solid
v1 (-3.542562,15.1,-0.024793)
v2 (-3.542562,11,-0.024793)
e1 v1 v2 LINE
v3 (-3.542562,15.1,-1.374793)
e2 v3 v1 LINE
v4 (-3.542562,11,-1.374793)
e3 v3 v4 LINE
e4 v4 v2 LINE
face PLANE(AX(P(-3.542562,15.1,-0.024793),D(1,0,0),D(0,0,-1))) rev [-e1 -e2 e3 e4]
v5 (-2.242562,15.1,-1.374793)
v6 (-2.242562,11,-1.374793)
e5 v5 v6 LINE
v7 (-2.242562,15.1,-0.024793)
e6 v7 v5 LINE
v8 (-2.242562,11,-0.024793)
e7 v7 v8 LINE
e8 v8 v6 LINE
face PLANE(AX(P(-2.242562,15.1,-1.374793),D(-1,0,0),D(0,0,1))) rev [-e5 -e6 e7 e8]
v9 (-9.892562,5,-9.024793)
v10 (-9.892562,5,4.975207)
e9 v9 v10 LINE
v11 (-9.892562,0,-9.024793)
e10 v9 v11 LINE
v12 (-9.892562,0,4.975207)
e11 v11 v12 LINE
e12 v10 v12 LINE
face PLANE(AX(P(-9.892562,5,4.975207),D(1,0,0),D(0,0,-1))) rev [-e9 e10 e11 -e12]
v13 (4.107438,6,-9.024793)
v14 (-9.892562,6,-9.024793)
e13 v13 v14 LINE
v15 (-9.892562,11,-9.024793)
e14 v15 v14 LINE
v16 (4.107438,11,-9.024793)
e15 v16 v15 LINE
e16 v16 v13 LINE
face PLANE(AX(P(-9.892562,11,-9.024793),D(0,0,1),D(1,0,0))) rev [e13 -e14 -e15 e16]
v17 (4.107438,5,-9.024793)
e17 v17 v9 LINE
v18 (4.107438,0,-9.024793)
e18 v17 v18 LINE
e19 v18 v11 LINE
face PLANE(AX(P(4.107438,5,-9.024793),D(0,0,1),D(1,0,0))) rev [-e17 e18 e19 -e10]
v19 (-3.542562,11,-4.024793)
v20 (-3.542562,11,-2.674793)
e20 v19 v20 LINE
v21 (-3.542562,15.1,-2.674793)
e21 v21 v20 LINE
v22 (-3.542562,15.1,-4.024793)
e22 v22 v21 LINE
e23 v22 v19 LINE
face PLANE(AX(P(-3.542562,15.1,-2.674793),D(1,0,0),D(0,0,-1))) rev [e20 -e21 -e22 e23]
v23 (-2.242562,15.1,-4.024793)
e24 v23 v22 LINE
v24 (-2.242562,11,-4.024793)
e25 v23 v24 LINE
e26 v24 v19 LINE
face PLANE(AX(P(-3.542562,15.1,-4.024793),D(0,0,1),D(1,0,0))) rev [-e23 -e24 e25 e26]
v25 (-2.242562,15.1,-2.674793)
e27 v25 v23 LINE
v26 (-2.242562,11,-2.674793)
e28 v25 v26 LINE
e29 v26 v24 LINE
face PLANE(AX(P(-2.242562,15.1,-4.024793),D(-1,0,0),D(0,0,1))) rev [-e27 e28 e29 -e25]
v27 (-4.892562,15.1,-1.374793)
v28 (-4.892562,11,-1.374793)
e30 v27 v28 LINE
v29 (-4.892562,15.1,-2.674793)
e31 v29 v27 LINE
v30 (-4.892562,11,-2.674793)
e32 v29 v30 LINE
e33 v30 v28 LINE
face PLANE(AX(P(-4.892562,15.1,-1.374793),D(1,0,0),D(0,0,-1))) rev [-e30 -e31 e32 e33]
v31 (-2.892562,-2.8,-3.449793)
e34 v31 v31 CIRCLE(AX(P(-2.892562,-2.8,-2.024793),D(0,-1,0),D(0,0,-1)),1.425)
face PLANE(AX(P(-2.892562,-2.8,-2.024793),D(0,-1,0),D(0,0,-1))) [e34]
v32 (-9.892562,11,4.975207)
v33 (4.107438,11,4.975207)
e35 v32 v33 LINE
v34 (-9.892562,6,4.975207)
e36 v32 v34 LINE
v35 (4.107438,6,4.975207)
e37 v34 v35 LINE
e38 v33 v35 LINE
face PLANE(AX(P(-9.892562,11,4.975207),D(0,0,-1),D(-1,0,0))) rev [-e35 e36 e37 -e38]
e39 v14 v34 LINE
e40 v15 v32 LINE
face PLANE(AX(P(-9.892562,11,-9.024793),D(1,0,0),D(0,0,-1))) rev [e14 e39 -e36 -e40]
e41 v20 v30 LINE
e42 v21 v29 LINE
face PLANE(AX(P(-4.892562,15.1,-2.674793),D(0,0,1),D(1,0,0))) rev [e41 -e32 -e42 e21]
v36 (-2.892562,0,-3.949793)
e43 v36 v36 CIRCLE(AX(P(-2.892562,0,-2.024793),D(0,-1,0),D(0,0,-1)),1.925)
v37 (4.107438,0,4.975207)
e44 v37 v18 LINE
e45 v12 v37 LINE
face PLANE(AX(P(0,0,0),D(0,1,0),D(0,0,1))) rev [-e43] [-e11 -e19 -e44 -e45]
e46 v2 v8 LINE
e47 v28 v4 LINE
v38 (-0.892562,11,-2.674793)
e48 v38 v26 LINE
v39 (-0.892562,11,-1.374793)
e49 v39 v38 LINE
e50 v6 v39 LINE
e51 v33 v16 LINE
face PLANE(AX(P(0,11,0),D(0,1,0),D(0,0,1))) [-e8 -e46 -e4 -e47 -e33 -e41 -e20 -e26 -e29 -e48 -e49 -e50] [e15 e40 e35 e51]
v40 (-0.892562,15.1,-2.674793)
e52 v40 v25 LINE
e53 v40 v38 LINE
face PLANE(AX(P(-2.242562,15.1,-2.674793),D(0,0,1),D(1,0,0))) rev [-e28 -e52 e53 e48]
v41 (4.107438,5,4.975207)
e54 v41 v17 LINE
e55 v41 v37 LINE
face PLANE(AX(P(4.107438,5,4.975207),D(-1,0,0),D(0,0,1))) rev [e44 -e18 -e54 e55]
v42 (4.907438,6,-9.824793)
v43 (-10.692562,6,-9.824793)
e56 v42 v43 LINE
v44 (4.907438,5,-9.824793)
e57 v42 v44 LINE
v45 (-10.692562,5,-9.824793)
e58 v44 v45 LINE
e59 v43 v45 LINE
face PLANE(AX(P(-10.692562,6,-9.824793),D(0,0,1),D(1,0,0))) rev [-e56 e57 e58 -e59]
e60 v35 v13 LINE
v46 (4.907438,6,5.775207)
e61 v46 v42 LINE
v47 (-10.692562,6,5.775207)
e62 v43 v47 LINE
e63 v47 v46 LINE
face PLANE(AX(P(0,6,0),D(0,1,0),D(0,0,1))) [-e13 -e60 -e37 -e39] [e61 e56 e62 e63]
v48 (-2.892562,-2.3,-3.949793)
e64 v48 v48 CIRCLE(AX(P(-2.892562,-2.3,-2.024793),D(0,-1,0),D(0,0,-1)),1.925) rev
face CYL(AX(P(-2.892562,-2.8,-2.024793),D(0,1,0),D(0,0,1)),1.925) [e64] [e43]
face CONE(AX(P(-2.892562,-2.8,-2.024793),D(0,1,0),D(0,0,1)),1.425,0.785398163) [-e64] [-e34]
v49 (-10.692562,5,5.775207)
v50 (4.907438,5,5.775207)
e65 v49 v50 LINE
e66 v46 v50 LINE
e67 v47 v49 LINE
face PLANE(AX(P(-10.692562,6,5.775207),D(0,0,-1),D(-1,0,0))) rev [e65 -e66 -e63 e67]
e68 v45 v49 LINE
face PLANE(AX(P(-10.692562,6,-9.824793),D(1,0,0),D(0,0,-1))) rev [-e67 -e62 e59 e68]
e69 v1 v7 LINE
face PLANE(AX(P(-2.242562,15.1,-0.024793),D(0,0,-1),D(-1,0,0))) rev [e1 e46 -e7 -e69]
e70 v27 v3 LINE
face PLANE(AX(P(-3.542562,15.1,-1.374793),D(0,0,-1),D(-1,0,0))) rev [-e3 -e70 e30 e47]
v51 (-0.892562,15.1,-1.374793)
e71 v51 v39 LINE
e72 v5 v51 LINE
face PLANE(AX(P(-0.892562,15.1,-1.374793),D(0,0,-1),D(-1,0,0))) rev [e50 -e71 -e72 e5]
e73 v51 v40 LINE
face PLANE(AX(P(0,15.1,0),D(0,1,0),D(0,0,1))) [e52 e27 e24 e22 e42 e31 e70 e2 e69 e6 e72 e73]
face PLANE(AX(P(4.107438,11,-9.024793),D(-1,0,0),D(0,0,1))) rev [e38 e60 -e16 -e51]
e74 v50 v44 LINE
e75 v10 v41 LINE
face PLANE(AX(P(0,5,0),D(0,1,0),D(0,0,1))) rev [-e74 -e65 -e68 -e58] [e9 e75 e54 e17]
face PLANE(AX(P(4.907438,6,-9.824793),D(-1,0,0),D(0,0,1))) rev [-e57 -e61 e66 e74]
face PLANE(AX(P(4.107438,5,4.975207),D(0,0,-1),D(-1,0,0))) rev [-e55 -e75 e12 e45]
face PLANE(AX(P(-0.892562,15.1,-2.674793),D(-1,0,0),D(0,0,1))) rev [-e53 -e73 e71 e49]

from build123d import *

# Parameters (mm, degrees)
SKETCH_1_W      = 14
SKETCH_1_H      = 14
EXTRUDE_1_DEPTH = 5
SKETCH_2_R      = 1.925
EXTRUDE_2_DEPTH = 2.8
CHAMFER_1_SIZE  = 0.5
SKETCH_3_W      = 15.6
SKETCH_3_H      = 15.6
EXTRUDE_3_DEPTH = 1
SKETCH_4_W      = 14
SKETCH_4_H      = 14
EXTRUDE_4_DEPTH = 5
EXTRUDE_5_DEPTH = 4.1


with BuildPart() as part:
    # 草图1 → 凸台-拉伸1 (new body)
    with BuildSketch(Plane(origin=(0, 0, 0), x_dir=(1, 0, 0), z_dir=(0, 1, 0))):
        with Locations((-2.892561983, 2.024793388)):
            Rectangle(SKETCH_1_W, SKETCH_1_H)
    extrude(amount=EXTRUDE_1_DEPTH)

    # 草图2 → 凸台-拉伸2 (add)
    with BuildSketch(Plane.XZ):
        with Locations(Location((-2.892561983, -2.024793388, 0), (0, 0, 270))):
            Circle(SKETCH_2_R)
    extrude(amount=EXTRUDE_2_DEPTH)

    # 倒角1
    chamfer_1_edges = [part.edges().sort_by_distance(p)[0] for p in [
        (-2.892561983, -2.8, -0.099793388),
    ]]
    chamfer(chamfer_1_edges, length=CHAMFER_1_SIZE)

    # 草图3 → 凸台-拉伸3 (add)
    with BuildSketch(Plane(origin=(0, 5, 0), x_dir=(1, 0, 0), z_dir=(0, 1, 0))):
        with Locations((-2.892561983, 2.024793388)):
            Rectangle(SKETCH_3_W, SKETCH_3_H)
    extrude(amount=EXTRUDE_3_DEPTH)

    # 草图4 → 凸台-拉伸4 (add)
    with BuildSketch(Plane(origin=(0, 6, 0), x_dir=(1, 0, 0), z_dir=(0, 1, 0))):
        with Locations((-2.892561983, 2.024793388)):
            Rectangle(SKETCH_4_W, SKETCH_4_H)
    extrude(amount=EXTRUDE_4_DEPTH)

    # 草图5 → 凸台-拉伸5 (add)
    with BuildSketch(Plane(origin=(0, 11, 0), x_dir=(1, 0, 0), z_dir=(0, 1, 0))):
        Polygon((-3.542561983, 2.674793388), (-3.542561983, 4.024793388), (-2.242561983, 4.024793388), (-2.242561983, 2.674793388), (-0.892561983, 2.674793388), (-0.892561983, 1.374793388), (-2.242561983, 1.374793388), (-2.242561983, 0.024793388), (-3.542561983, 0.024793388), (-3.542561983, 1.374793388), (-4.892561983, 1.374793388), (-4.892561983, 2.674793388), align=None)
    extrude(amount=EXTRUDE_5_DEPTH)


solid = part.part
